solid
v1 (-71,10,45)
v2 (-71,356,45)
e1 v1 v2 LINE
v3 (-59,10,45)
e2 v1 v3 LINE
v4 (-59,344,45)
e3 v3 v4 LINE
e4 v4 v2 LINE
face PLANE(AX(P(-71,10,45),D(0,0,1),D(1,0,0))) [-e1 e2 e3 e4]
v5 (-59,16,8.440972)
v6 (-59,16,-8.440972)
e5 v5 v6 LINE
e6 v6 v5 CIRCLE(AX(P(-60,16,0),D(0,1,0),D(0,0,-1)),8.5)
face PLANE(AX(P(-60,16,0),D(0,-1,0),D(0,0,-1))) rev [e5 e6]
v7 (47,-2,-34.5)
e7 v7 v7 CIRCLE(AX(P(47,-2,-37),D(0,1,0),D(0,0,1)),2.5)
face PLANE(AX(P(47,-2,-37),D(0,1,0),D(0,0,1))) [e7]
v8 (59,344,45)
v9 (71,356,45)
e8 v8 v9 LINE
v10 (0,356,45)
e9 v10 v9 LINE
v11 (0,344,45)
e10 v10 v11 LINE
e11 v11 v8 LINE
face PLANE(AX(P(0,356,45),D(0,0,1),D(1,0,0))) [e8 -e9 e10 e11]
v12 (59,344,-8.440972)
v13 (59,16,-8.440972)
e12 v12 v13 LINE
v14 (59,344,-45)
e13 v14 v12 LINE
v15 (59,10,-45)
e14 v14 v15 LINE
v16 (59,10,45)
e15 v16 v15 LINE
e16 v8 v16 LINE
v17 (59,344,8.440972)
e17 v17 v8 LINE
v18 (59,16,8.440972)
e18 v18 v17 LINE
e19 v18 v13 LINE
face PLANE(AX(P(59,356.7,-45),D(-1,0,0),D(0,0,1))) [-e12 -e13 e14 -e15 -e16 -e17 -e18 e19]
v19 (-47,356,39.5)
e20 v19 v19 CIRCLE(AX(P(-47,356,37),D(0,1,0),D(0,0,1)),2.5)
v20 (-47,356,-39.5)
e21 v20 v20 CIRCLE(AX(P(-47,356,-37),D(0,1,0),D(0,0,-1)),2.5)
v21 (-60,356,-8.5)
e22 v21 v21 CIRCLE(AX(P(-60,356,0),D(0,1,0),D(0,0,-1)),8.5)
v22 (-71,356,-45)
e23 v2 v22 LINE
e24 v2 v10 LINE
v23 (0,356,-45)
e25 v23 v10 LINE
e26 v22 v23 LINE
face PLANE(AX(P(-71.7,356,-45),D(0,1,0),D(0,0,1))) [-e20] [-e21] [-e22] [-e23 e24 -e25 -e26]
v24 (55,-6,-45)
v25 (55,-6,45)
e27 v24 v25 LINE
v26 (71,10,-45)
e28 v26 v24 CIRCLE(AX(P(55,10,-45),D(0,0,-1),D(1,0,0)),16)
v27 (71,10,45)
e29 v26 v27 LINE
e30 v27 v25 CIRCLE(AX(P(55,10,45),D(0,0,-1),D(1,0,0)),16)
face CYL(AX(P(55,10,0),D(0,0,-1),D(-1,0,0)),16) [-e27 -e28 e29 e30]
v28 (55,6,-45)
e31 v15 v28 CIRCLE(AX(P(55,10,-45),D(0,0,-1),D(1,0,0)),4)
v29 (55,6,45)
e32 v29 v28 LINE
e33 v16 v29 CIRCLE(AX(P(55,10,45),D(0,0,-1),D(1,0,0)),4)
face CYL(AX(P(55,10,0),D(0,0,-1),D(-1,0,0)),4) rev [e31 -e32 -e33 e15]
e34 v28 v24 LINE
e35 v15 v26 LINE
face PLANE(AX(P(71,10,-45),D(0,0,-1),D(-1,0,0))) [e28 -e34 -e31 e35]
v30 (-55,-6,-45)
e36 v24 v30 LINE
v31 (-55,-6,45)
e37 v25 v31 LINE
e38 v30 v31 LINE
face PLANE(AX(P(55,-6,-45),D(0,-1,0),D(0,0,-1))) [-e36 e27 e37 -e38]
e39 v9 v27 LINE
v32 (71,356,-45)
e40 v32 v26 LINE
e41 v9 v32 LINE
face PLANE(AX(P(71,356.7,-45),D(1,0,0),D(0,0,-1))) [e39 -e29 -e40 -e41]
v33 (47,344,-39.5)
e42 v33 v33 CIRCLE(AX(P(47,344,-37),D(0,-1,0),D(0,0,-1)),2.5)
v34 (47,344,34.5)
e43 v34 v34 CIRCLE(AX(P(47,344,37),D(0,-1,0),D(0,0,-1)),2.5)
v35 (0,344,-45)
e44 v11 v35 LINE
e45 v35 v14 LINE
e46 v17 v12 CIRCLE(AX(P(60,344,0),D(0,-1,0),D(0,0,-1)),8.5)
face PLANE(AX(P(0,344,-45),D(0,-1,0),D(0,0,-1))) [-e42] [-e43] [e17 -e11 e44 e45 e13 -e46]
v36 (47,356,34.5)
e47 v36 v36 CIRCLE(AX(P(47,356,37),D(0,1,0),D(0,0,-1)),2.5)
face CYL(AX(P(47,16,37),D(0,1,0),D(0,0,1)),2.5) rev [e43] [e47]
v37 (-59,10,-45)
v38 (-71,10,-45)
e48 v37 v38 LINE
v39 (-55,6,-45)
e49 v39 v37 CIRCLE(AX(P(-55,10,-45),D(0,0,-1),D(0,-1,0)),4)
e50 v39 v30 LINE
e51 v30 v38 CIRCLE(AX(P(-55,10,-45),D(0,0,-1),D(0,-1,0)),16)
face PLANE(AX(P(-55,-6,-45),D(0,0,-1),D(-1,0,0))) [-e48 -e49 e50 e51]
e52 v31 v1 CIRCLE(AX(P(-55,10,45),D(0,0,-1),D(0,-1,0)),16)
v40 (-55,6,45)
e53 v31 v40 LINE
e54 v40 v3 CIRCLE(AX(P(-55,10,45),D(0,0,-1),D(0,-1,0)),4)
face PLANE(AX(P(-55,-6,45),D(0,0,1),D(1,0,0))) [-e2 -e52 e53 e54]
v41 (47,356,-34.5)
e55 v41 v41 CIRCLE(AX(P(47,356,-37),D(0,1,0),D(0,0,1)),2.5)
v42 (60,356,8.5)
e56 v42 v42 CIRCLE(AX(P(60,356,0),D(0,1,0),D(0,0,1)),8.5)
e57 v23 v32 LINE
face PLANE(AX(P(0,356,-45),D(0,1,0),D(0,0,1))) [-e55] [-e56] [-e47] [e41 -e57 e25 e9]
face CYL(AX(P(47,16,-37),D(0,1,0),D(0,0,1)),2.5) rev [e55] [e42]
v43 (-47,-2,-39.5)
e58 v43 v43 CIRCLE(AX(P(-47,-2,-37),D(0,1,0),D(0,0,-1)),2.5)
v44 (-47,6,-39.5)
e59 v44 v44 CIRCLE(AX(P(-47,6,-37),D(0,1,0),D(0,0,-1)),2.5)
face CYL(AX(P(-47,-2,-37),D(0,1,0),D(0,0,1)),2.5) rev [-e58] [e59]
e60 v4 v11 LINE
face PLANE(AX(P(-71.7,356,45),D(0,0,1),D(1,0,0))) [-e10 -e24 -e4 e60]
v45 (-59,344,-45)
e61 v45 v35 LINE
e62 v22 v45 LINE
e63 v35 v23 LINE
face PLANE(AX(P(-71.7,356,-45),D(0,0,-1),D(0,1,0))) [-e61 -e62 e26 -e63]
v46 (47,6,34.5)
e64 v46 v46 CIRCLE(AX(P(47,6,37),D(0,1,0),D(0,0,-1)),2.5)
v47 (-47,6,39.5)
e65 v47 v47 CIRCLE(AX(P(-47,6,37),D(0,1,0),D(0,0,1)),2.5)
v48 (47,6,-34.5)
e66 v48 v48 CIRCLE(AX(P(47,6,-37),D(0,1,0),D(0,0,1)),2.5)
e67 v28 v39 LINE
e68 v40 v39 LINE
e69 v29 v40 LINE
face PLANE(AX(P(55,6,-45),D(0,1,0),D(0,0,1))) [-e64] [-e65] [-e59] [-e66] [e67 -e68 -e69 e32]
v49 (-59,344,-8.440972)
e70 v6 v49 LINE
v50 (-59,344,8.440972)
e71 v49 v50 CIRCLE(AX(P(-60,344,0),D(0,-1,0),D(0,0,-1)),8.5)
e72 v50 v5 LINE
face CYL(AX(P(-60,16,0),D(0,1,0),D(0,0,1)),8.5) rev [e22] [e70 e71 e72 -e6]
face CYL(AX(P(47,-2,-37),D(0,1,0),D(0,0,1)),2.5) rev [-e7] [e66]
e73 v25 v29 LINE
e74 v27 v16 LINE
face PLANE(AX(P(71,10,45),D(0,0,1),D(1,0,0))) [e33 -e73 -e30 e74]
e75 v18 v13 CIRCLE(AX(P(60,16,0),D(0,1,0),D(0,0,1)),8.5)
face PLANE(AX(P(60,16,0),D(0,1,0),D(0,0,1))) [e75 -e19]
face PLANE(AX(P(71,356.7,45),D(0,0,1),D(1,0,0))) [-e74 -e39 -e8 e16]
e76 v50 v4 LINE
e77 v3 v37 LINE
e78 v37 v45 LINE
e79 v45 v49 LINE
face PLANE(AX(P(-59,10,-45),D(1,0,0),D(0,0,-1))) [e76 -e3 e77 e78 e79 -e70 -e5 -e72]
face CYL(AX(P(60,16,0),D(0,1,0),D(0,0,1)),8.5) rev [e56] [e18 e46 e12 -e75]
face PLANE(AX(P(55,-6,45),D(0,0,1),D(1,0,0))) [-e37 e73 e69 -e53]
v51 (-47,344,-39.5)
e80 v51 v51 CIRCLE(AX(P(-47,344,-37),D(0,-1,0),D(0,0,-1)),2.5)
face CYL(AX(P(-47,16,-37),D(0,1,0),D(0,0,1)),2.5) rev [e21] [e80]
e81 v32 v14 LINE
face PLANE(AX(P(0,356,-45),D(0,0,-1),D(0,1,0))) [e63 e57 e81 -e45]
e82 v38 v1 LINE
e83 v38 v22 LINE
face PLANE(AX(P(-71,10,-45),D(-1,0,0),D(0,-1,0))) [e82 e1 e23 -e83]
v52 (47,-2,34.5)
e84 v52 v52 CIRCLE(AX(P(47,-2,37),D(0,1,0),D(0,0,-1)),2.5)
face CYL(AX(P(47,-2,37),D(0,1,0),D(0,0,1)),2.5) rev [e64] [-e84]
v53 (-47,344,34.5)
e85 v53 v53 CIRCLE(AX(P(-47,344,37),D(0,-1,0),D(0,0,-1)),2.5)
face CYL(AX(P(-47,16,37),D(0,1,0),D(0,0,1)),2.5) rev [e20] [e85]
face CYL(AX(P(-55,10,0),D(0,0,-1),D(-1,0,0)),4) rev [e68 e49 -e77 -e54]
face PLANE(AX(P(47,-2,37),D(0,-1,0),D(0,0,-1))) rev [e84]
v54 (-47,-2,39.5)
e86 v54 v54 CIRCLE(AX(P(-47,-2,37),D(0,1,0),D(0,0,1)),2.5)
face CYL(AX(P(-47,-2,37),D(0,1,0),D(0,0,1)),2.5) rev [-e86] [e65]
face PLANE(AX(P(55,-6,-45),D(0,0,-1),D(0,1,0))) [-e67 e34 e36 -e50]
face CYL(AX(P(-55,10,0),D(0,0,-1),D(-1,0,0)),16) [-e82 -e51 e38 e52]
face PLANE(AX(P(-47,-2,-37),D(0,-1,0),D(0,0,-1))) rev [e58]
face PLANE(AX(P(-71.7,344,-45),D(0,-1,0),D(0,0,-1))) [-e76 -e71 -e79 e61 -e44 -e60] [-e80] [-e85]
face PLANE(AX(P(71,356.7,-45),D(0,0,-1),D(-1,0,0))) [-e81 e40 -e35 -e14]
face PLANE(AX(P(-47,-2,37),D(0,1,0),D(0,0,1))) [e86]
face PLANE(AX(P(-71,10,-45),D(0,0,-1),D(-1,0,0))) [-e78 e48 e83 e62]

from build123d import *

# Parameters (mm, degrees)
SKETCH6_W          = 90
SKETCH6_H          = 12
SKETCH7_R          = 8.5
SKETCH7_R_2        = 2.5
CUT_EXTRUDE1_DEPTH = 340
SKETCH8_R          = 2.5
CUT_EXTRUDE2_DEPTH = 8


with BuildPart() as part:
    # Sweep2: sweep along a path in Sketch4
    with BuildLine(Plane.XY) as sweep2_path:
        Line((-65, 350), (-65, 10))
        ThreePointArc((-65, 10), (-62.071067812, 2.928932188), (-55, 0))
        Line((-55, 0), (55, 0))
        ThreePointArc((55, 0), (62.071067812, 2.928932188), (65, 10))
        Line((65, 10), (65, 350))
        Line((65, 350), (-65, 350))
    # Sketch6 → Sweep2 (sweep)
    with BuildSketch(Plane(origin=(0, 0, 0), x_dir=(0, 0, -1), z_dir=(1, 0, 0))):
        with Locations((0, 350)):
            Rectangle(SKETCH6_W, SKETCH6_H)
    sweep(path=sweep2_path.line, transition=Transition.RIGHT)

    # Sketch7 → Cut-Extrude1 (cut)
    with BuildSketch(Plane(origin=(0, 356, 0), x_dir=(1, 0, 0), z_dir=(0, 1, 0))):
        with Locations((60, 0)):
            Circle(SKETCH7_R)
        with Locations((-60, 0)):
            Circle(SKETCH7_R)
        with Locations((-47, -37)):
            Circle(SKETCH7_R_2)
        with Locations((-47, 37)):
            Circle(SKETCH7_R_2)
        with Locations((47, -37)):
            Circle(SKETCH7_R_2)
        with Locations((47, 37)):
            Circle(SKETCH7_R_2)
    extrude(amount=-CUT_EXTRUDE1_DEPTH, mode=Mode.SUBTRACT)

    # Sketch8 → Cut-Extrude2 (cut)
    with BuildSketch(Plane(origin=(0, 6, 0), x_dir=(1, 0, 0), z_dir=(0, 1, 0))):
        with Locations((47, 37)):
            Circle(SKETCH8_R)
        with Locations((-47, 37)):
            Circle(SKETCH8_R)
        with Locations((-47, -37)):
            Circle(SKETCH8_R)
        with Locations((47, -37)):
            Circle(SKETCH8_R)
    extrude(amount=-CUT_EXTRUDE2_DEPTH, mode=Mode.SUBTRACT)


solid = part.part
